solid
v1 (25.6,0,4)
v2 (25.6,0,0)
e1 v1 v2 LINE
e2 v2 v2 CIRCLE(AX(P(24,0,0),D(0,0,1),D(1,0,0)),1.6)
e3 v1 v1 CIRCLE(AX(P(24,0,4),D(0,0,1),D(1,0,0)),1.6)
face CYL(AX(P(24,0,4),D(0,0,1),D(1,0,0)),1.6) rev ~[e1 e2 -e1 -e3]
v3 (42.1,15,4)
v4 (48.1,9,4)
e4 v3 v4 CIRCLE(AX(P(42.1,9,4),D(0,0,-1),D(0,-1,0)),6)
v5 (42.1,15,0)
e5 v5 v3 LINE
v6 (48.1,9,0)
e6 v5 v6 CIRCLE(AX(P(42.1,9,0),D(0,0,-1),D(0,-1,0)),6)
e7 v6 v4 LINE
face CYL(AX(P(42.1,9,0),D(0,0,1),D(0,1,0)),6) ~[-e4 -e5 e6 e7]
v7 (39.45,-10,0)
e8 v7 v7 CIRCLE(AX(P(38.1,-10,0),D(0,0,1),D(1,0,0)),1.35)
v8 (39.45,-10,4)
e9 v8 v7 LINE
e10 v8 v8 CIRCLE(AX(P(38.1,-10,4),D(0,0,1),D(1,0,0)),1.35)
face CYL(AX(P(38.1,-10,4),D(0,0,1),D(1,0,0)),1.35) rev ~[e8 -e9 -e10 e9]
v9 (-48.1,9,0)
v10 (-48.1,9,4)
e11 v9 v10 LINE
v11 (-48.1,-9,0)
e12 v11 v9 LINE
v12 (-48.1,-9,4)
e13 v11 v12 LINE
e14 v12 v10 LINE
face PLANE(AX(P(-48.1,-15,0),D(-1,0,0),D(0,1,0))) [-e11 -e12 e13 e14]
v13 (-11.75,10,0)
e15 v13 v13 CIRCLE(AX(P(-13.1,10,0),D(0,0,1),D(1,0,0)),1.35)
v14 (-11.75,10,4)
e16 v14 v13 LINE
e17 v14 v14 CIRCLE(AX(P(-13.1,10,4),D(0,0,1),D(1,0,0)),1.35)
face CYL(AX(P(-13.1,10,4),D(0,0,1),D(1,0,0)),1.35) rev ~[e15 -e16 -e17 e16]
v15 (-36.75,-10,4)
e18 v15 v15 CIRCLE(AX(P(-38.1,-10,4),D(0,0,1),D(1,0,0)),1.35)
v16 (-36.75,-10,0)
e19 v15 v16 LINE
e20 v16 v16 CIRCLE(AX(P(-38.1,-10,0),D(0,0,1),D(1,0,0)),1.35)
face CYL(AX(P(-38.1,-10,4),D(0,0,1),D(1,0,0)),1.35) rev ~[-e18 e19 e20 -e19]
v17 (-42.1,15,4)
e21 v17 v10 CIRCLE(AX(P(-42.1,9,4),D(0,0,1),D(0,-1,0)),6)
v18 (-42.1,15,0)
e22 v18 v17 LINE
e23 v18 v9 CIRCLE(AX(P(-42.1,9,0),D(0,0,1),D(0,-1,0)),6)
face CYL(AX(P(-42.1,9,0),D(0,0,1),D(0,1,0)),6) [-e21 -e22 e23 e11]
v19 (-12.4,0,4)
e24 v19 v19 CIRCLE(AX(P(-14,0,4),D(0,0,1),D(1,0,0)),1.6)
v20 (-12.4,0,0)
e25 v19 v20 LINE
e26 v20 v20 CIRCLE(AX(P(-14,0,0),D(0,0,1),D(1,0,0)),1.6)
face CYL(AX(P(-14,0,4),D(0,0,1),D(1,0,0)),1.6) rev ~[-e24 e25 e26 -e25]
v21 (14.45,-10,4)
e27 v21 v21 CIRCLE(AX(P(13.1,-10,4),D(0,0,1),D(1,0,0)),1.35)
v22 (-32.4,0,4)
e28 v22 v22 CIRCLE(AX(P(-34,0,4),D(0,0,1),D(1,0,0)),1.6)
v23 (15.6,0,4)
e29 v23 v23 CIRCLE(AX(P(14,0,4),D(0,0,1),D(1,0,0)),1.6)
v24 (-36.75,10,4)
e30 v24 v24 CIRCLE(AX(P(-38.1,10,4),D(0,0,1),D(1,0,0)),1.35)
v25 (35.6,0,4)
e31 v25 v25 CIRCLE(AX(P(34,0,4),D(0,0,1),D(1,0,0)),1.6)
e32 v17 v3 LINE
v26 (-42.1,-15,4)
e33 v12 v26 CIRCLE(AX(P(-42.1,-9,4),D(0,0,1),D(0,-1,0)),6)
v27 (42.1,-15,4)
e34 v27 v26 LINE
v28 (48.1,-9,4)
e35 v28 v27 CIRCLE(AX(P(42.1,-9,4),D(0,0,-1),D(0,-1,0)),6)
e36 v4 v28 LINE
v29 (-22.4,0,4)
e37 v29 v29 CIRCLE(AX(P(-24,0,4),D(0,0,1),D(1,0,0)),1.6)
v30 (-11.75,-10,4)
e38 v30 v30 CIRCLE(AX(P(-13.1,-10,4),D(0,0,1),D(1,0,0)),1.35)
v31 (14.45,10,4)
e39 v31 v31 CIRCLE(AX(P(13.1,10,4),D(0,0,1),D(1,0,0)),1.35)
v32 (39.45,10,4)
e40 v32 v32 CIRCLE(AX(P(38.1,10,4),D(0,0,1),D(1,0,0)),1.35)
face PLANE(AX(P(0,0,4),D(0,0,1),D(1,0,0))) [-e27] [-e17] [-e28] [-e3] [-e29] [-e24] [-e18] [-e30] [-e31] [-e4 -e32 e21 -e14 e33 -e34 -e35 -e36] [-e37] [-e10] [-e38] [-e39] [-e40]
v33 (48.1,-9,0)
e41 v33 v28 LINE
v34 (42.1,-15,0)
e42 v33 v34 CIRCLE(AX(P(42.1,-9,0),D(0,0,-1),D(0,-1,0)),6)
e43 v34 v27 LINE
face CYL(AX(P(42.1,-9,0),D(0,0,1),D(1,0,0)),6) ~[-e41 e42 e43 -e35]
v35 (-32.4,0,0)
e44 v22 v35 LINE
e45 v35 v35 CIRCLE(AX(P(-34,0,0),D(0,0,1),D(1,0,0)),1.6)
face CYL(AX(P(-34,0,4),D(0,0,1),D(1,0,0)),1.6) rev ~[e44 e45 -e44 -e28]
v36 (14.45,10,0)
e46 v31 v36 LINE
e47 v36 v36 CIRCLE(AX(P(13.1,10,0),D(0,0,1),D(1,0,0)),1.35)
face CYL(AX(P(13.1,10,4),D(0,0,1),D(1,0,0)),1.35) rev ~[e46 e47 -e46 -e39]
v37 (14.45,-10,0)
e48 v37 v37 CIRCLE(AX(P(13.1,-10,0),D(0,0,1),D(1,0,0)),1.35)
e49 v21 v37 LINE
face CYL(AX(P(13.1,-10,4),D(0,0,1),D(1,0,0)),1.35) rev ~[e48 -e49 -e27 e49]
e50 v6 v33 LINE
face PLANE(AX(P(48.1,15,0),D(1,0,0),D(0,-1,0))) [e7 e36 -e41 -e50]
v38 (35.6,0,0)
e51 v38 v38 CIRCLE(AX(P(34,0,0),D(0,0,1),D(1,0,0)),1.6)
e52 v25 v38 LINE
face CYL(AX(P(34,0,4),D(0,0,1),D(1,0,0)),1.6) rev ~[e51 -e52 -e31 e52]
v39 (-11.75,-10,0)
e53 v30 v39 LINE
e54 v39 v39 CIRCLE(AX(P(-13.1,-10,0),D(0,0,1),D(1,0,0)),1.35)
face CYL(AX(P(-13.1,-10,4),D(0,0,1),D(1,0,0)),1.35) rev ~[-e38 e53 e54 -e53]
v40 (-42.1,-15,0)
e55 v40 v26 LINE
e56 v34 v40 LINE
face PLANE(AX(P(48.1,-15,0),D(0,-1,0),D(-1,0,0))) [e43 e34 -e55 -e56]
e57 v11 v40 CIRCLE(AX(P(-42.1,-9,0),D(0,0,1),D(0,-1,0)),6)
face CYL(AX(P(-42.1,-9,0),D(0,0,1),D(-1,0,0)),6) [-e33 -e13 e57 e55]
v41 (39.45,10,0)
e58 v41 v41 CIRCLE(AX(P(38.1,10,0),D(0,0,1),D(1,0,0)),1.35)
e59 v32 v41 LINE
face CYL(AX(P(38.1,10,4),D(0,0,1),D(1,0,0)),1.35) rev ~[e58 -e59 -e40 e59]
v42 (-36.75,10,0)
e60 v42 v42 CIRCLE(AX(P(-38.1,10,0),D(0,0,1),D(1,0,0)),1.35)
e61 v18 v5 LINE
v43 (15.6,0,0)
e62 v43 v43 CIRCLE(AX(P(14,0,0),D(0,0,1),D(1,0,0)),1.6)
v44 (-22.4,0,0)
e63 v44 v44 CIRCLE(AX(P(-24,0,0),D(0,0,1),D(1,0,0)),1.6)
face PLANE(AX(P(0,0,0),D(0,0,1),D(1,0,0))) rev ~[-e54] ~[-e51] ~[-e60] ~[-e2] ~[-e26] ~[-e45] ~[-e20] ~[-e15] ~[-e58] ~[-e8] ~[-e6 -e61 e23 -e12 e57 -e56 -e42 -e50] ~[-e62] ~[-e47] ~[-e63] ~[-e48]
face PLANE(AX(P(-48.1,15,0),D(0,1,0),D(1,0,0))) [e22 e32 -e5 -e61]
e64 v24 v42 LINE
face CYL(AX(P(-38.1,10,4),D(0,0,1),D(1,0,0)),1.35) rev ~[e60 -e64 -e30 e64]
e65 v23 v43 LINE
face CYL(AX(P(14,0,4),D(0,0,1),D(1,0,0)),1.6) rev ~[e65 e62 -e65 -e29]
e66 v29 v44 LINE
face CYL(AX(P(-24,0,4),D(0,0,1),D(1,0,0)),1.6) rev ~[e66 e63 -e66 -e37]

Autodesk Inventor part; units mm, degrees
ref_plane "YZ Plane" through (0, 0, 0) normal (1, 0, 0) x (0, 1, 0)
ref_plane "XZ Plane" through (0, 0, 0) normal (0, 1, 0) x (-1, 0, 0)
ref_plane "XY Plane" through (0, 0, 0) normal (0, 0, 1) x (1, 0, 0)
sketch "스케치1" plane through (0, 0, 0) normal (0, 0, 1) x (1, 0, 0)
  line L0 (-48.1, 15) -> (48.1, 15)
  line L1 (48.1, 15) -> (48.1, -15)
  line L2 (48.1, -15) -> (-48.1, -15)
  line L3 (-48.1, -15) -> (-48.1, 15)
  line L4 (-48.1, 15) -> (48.1, -15) construction
  line L5 (48.1, 15) -> (-48.1, -15) construction
  point P0 (0, 0)
  dimension "d0" = 96.2
  dimension "d1" = 30
extrude "돌출1" add sketch "스케치1" along normal blind 4
sketch "스케치2" plane through (0, 0, 4) normal (0, 0, 1) x (1, 0, 0)
  line L0 (-48.1, 15) -> (-48.1, -15) projected
  line L1 (-48.1, 0) -> (48.1, 0) construction
  line L2 (48.1, -15) -> (48.1, 15) projected
  circle A0 centre (-24, 0) radius 1.6
  circle A1 centre (-34, 0) radius 1.6
  circle A2 centre (14, 0) radius 1.6
  circle A3 centre (24, 0) radius 1.6
  circle A4 centre (34, 0) radius 1.6
  circle A5 centre (-14, 0) radius 1.6
  point P0 (0, 0)
  point P1 (0, 0)
  dimension "d5" = 3.2
  dimension "d6" = 3.2
  dimension "d7" = 3.2
  dimension "d8" = 3.2
  dimension "d9" = 14
  dimension "d10" = 10
  dimension "d11" = 3.2
  dimension "d12" = 3.2
  dimension "d13" = 10
  dimension "d14" = 14
  dimension "d15" = 10
  dimension "d16" = 10
extrude "돌출2" cut sketch "스케치2" against normal blind 4
fillet "모깎기1" radius 6 4 edges at (-48.1, 15, 2) (-48.1, -15, 2) (48.1, -15, 2) (48.1, 15, 2)
sketch "스케치3" plane through (0, 0, 4) normal (0, 0, 1) x (1, 0, 0)
  arc A0 (48.1, 9) -> (42.1, 15) centre (42.1, 9) ccw projected
  line L0 (42.1, 15) -> (-42.1, 15) projected
  arc A1 (-42.1, 15) -> (-48.1, 9) centre (-42.1, 9) ccw projected
  line L1 (-48.1, 9) -> (-48.1, -9) projected
  arc A2 (-48.1, -9) -> (-42.1, -15) centre (-42.1, -9) ccw projected
  line L2 (-42.1, -15) -> (42.1, -15) projected
  arc A3 (42.1, -15) -> (48.1, -9) centre (42.1, -9) ccw projected
  line L3 (48.1, -9) -> (48.1, 9) projected
  circle A4 centre (-14, 0) radius 1.6 projected
  circle A5 centre (34, 0) radius 1.6 projected
  circle A6 centre (-24, 0) radius 1.6 projected
  circle A7 centre (14, 0) radius 1.6 projected
  circle A8 centre (24, 0) radius 1.6 projected
  circle A9 centre (-34, 0) radius 1.6 projected
  circle A10 centre (-38.1, 10) radius 1.35
  circle A11 centre (-13.1, 10) radius 1.35
  circle A12 centre (-38.1, -10) radius 1.35
  circle A13 centre (-13.1, -10) radius 1.35
  line L4 (0, 0) -> (0, 15)
  line L5 (42.1, 15) -> (-42.1, 15) projected
  line L6 (48.1, 9) -> (48.1, -9)
  circle A14 centre (38.1, 10) radius 1.35
  circle A15 centre (13.1, 10) radius 1.35
  circle A16 centre (38.1, -10) radius 1.35
  circle A17 centre (13.1, -10) radius 1.35
  dimension "d20" = 2.7
  dimension "d21" = 2.7
  dimension "d22" = 2.7
  dimension "d23" = 2.7
  dimension "d24" = 25
  dimension "d25" = 25
  dimension "d26" = 20
  dimension "d27" = 10
  dimension "d28" = 10
extrude "돌출3" cut sketch "스케치3" against normal blind 4 contours A10 | A11 | A12 | A13 | A14 | A15 | A16 | A17
properties part number "lm가이드가이드" material "알루미늄 6061"
